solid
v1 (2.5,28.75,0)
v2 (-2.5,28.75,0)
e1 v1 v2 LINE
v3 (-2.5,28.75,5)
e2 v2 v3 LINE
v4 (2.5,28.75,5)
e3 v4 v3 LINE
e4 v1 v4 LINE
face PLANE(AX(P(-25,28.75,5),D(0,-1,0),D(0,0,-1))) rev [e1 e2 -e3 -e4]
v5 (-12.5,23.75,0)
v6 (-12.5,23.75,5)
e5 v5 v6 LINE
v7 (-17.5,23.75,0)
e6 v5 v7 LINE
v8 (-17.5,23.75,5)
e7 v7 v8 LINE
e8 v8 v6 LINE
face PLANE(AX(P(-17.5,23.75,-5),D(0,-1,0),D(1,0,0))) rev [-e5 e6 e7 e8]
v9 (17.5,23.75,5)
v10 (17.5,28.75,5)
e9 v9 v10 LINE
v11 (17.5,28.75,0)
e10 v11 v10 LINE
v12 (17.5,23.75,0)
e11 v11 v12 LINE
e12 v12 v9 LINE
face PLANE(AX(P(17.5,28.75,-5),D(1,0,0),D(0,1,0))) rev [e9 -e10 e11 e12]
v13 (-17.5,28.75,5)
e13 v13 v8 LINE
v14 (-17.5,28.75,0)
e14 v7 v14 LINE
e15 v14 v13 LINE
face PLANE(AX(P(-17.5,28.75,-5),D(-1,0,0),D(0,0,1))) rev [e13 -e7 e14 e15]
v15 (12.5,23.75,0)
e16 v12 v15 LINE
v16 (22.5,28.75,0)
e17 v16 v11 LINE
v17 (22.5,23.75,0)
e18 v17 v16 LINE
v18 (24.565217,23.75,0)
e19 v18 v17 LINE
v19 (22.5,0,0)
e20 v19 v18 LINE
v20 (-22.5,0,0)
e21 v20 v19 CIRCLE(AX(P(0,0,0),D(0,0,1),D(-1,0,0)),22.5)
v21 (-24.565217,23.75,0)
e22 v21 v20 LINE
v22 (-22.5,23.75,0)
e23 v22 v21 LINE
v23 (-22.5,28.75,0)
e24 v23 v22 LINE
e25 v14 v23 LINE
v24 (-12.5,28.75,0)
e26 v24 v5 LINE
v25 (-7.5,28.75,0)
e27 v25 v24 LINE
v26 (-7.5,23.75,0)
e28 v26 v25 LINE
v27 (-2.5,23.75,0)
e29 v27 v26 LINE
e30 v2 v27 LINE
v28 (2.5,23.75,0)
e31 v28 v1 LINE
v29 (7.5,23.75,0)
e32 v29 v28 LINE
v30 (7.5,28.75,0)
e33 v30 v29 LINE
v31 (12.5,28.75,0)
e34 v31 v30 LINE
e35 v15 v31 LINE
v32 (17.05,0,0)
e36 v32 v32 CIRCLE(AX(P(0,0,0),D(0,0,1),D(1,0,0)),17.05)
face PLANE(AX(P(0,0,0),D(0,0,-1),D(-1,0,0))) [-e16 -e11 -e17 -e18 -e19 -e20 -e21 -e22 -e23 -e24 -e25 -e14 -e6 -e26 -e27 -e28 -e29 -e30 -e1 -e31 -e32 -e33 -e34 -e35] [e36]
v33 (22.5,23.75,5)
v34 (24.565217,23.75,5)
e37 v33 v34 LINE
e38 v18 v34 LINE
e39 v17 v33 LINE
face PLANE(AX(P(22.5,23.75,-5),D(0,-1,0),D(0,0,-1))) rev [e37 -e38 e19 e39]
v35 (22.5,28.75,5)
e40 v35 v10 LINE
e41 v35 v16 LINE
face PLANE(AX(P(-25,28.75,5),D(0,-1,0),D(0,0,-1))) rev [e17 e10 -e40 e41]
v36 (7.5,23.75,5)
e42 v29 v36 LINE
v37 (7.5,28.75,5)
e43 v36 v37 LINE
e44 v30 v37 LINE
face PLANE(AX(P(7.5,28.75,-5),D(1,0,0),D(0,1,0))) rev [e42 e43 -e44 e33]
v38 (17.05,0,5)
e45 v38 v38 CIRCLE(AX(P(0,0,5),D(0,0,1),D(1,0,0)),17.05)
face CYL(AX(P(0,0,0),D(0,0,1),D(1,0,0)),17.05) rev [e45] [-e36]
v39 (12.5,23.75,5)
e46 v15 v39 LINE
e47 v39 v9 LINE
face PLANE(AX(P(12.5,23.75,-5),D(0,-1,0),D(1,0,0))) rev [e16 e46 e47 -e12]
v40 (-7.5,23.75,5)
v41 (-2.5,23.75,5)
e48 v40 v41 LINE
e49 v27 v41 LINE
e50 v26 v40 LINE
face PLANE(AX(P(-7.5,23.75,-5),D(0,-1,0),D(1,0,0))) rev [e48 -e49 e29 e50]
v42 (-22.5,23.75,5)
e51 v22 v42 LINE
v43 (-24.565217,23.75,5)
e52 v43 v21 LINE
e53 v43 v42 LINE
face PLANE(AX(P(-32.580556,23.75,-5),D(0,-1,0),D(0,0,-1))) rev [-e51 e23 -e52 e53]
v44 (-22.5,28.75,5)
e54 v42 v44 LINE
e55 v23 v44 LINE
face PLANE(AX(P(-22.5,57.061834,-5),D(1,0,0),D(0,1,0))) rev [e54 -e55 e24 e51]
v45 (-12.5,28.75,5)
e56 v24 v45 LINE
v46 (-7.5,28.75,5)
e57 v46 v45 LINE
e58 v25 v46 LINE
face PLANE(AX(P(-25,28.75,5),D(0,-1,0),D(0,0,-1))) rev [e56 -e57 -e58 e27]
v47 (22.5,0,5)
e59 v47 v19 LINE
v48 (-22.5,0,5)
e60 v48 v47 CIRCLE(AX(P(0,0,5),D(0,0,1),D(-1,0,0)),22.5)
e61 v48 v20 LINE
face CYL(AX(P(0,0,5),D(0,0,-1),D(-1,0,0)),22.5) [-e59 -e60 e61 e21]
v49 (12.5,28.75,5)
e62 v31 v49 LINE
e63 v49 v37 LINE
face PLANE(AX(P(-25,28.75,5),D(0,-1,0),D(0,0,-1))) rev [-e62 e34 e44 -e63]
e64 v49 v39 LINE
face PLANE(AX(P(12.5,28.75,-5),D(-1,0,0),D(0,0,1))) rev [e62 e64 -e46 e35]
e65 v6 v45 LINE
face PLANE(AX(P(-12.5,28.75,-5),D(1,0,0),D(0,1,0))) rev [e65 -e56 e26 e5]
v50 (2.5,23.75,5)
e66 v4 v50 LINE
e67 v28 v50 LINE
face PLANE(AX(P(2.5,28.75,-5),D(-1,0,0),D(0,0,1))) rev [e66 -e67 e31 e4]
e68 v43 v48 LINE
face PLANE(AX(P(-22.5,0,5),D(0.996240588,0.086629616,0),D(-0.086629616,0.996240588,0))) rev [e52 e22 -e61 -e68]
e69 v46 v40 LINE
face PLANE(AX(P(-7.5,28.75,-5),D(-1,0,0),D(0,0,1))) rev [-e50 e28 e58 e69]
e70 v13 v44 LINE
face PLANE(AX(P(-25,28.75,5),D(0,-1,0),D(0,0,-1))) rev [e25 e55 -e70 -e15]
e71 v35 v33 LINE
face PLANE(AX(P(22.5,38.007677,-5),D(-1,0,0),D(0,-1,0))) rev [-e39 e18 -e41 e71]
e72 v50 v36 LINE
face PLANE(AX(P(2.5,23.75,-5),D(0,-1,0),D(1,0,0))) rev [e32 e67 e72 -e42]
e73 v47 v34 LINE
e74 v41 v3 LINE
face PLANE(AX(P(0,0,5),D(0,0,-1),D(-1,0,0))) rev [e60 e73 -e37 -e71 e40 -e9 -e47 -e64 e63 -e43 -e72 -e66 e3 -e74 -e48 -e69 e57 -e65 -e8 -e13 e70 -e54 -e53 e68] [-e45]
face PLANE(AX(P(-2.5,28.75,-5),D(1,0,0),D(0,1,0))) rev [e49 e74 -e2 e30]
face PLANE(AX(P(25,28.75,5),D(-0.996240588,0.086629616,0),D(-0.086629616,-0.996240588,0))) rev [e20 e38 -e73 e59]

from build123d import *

# Parameters (mm, degrees)
BOSS_EXTRU_12_DEPTH        = 5
ESQUISSE4_R                = 17.05
ENL_V_MAT_EXTRU_1_DEPTH    = 5
ESQUISSE5_W                = 5
ESQUISSE5_H                = 5
ENL_V_MAT_EXTRU_2_DEPTH    = 10
R_P_TITION_LIN_AIRE1_COUNT = 4
R_P_TITION_LIN_AIRE1_PITCH = 10
ESQUISSE6_W                = 13.329947017
ESQUISSE6_H                = 14.257676648
ESQUISSE6_W_2              = 10.080555657
ESQUISSE6_H_2              = 33.311834117
ENL_V_MAT_EXTRU_3_DEPTH    = 10


with BuildPart() as part:
    # Esquisse3 → Boss.-Extru.12 (new body)
    with BuildSketch(Plane.XY):
        with BuildLine():
            Line((-22.5, 0), (-25, 28.75))
            Line((-25, 28.75), (25, 28.75))
            Line((25, 28.75), (22.5, 0))
            ThreePointArc((22.5, 0), (0, -22.5), (-22.5, 0))
        make_face()
    extrude(amount=BOSS_EXTRU_12_DEPTH)

    # Esquisse4 → Enlèv. mat.-Extru.1 (cut)
    with BuildSketch(Plane.XY.offset(5)):
        Circle(ESQUISSE4_R)
    extrude(amount=-ENL_V_MAT_EXTRU_1_DEPTH, mode=Mode.SUBTRACT)

    # Esquisse5 → Enlèv. mat.-Extru.2 (cut)
    with BuildSketch(Plane.XY.offset(5)):
        with Locations((-15, 26.25)):
            Rectangle(ESQUISSE5_W, ESQUISSE5_H)
    enl_v_mat_extru_2 = extrude(amount=-ENL_V_MAT_EXTRU_2_DEPTH, mode=Mode.SUBTRACT)

    # Répétition linéaire1: Enlèv. mat.-Extru.2 ×4
    with Locations(*[(i * R_P_TITION_LIN_AIRE1_PITCH, 0, 0) for i in range(1, R_P_TITION_LIN_AIRE1_COUNT)]):
        add(enl_v_mat_extru_2, mode=Mode.SUBTRACT)

    # Esquisse6 → Enlèv. mat.-Extru.3 (cut)
    with BuildSketch(Plane.XY.offset(5)):
        with Locations((29.164973509, 30.878838324)):
            Rectangle(ESQUISSE6_W, ESQUISSE6_H)
        with Locations((-27.540277829, 40.405917059)):
            Rectangle(ESQUISSE6_W_2, ESQUISSE6_H_2)
    extrude(amount=-ENL_V_MAT_EXTRU_3_DEPTH, mode=Mode.SUBTRACT)


solid = part.part
